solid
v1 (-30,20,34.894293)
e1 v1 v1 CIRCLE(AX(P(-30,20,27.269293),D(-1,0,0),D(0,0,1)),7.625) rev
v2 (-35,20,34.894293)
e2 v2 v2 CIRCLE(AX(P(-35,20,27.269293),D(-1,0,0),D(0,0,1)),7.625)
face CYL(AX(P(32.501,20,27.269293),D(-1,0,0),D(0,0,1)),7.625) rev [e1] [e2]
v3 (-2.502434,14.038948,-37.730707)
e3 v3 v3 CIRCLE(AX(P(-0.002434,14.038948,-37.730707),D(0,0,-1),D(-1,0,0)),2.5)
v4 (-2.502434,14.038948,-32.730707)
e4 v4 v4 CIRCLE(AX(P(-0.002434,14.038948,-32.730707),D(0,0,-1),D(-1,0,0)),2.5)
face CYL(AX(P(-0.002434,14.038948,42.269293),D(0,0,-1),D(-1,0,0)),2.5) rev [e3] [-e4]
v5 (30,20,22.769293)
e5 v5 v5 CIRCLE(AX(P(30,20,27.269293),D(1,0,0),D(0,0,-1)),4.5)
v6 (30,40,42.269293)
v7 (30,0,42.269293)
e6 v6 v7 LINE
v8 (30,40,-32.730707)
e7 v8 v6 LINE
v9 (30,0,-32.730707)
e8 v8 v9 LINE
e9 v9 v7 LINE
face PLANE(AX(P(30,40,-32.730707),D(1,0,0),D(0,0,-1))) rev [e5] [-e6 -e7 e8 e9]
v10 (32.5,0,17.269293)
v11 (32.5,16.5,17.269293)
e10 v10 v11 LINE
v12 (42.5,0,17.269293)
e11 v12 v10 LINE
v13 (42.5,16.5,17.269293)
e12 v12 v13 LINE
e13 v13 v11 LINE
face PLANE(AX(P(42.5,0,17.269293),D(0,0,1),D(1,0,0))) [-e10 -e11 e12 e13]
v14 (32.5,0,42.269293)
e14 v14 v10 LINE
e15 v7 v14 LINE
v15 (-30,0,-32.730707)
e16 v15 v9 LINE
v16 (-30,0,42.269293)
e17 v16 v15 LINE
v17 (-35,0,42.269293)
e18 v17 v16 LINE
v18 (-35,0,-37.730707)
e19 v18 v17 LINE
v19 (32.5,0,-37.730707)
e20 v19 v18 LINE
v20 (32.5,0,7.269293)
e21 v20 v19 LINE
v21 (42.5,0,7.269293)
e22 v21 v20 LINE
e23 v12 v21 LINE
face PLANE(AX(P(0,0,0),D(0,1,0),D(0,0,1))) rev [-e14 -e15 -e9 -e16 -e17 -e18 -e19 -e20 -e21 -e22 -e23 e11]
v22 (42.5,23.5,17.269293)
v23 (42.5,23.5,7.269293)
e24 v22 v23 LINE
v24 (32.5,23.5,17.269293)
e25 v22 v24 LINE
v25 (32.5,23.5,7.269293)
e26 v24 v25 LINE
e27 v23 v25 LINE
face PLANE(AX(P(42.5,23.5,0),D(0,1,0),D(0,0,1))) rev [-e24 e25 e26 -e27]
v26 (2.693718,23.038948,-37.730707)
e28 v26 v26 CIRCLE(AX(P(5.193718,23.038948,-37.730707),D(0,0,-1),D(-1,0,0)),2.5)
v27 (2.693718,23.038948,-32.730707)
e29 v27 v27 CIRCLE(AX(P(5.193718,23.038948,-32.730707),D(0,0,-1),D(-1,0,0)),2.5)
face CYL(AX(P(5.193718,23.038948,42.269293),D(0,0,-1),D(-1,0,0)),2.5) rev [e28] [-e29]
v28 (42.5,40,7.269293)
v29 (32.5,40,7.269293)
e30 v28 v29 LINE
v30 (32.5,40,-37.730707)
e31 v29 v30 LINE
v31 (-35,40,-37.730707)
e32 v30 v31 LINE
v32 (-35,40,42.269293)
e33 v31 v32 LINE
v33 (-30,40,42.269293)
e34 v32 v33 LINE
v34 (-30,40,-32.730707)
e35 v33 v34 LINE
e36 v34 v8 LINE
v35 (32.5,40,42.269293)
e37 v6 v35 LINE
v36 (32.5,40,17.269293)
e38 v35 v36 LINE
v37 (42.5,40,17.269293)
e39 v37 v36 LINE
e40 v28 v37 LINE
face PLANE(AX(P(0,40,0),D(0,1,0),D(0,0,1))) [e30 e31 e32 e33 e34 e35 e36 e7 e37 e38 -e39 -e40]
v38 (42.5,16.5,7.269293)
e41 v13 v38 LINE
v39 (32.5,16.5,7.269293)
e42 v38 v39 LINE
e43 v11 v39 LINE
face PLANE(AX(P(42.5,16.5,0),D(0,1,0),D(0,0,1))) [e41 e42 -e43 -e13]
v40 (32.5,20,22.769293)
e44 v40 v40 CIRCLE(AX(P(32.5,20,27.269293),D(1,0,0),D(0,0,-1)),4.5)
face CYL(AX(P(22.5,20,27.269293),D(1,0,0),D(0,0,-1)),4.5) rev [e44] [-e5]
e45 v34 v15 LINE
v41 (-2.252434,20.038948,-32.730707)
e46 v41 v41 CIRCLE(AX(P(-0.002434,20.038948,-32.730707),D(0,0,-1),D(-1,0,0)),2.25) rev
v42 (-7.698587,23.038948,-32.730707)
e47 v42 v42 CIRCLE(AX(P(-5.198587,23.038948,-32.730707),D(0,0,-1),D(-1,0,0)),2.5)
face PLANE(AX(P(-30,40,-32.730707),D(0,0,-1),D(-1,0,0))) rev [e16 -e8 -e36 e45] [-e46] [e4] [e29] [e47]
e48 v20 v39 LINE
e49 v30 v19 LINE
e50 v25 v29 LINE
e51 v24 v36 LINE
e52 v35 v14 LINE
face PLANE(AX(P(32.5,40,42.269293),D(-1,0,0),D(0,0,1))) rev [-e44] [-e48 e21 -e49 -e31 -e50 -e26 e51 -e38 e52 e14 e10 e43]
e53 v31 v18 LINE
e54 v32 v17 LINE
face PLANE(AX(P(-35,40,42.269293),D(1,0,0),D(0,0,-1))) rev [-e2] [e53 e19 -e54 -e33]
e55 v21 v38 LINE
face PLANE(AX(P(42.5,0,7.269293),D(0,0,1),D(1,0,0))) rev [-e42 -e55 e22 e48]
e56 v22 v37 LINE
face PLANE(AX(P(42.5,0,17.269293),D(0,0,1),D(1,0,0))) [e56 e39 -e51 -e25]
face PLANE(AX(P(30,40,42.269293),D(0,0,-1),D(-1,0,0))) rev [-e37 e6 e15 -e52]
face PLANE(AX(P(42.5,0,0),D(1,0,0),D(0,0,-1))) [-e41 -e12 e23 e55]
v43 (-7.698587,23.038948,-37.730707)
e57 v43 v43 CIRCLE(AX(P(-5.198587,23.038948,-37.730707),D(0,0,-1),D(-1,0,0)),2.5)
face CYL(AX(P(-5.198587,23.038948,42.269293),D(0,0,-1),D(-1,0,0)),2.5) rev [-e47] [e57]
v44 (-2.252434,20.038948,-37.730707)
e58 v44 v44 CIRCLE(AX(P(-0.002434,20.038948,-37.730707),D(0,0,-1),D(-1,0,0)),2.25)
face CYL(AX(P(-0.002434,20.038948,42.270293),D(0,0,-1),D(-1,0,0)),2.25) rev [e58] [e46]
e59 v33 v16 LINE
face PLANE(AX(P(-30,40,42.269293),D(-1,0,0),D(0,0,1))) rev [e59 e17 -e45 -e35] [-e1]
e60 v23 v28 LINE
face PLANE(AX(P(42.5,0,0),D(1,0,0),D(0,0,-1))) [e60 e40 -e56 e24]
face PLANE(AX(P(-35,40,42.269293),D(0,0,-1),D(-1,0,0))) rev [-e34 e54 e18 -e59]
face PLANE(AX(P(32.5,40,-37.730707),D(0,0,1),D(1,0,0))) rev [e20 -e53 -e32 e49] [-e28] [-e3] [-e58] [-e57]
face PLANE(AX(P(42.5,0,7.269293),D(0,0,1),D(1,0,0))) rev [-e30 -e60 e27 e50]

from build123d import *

# Parameters (mm, degrees)
BOSS_EXTRUDE1_DEPTH = 40
SKETCH2_R           = 2.5
CUT_EXTRUDE1_DEPTH  = 97.046863561
CUT_EXTRUDE2_REACH  = 91.123
SKETCH3_R           = 7.625
SKETCH4_R           = 4.5
CUT_EXTRUDE4_DEPTH  = 10
SKETCH4_4_W         = 10
SKETCH4_4_H         = 16.5
BOSS_EXTRUDE2_DEPTH = 10
CUT_EXTRUDE5_REACH  = 101.027
SKETCH2_3_R         = 2.25


with BuildPart() as part:
    # Sketch1 → Boss-Extrude1 (new body)
    with BuildSketch(Plane(origin=(0, 0, 0), x_dir=(1, 0, 0), z_dir=(0, 1, 0))):
        Polygon((-35, -42.269292904), (-30, -42.269292904), (-30, 32.730707096), (30, 32.730707096), (30, -42.269292904), (32.5, -42.269292904), (32.5, 37.730707096), (-35, 37.730707096), align=None)
    extrude(amount=BOSS_EXTRUDE1_DEPTH)

    # Sketch2 → Cut-Extrude1 (cut, through all)
    with BuildSketch(Plane(origin=(0, 0, -37.730707096), x_dir=(-1, 0, 0), z_dir=(0, 0, -1))):
        with Locations((5.1985867, 23.03894843)):
            Circle(SKETCH2_R)
        with Locations((0.002434277, 14.03894843)):
            Circle(SKETCH2_R)
        with Locations((-5.193718146, 23.03894843)):
            Circle(SKETCH2_R)
    extrude(amount=-CUT_EXTRUDE1_DEPTH, mode=Mode.SUBTRACT)

    # Sketch3 → Cut-Extrude2 (cut, up to next)
    with BuildSketch(Plane.ZY.offset(35), mode=Mode.PRIVATE) as cut_extrude2_sk1:
        with Locations((27.269292904, 20)):
            Circle(SKETCH3_R)
    cut_extrude2_tool1 = extrude(cut_extrude2_sk1.sketch, amount=-CUT_EXTRUDE2_REACH, mode=Mode.PRIVATE) & part.part
    add(cut_extrude2_tool1.solids().sort_by_distance((-35, 20, 27.269293))[0], mode=Mode.SUBTRACT)

    # Sketch4 → Cut-Extrude4 (cut)
    with BuildSketch(Plane(origin=(32.5, 0, 0), x_dir=(0, 0, -1), z_dir=(1, 0, 0))):
        with Locations((-27.269292904, 20)):
            Circle(SKETCH4_R)
    extrude(amount=-CUT_EXTRUDE4_DEPTH, mode=Mode.SUBTRACT)

    # Sketch4<4> → Boss-Extrude2 (add)
    with BuildSketch(Plane(origin=(32.5, 0, 0), x_dir=(0, 0, -1), z_dir=(1, 0, 0))):
        with Locations((-12.269292904, 8.25)):
            Rectangle(SKETCH4_4_W, SKETCH4_4_H)
        with Locations((-12.269292904, 31.75)):
            Rectangle(SKETCH4_4_W, SKETCH4_4_H)
    extrude(amount=BOSS_EXTRUDE2_DEPTH)

    # Sketch2<3> → Cut-Extrude5 (cut, up to next)
    with BuildSketch(Plane(origin=(0, 0, -37.730707096), x_dir=(-1, 0, 0), z_dir=(0, 0, -1)), mode=Mode.PRIVATE) as cut_extrude5_sk1:
        with Locations((0.002434277, 20.03894843)):
            Circle(SKETCH2_3_R)
    cut_extrude5_tool1 = extrude(cut_extrude5_sk1.sketch, amount=-CUT_EXTRUDE5_REACH, mode=Mode.PRIVATE) & part.part
    add(cut_extrude5_tool1.solids().sort_by_distance((-0.002434, 20.038948, -37.730707))[0], mode=Mode.SUBTRACT)


solid = part.part
